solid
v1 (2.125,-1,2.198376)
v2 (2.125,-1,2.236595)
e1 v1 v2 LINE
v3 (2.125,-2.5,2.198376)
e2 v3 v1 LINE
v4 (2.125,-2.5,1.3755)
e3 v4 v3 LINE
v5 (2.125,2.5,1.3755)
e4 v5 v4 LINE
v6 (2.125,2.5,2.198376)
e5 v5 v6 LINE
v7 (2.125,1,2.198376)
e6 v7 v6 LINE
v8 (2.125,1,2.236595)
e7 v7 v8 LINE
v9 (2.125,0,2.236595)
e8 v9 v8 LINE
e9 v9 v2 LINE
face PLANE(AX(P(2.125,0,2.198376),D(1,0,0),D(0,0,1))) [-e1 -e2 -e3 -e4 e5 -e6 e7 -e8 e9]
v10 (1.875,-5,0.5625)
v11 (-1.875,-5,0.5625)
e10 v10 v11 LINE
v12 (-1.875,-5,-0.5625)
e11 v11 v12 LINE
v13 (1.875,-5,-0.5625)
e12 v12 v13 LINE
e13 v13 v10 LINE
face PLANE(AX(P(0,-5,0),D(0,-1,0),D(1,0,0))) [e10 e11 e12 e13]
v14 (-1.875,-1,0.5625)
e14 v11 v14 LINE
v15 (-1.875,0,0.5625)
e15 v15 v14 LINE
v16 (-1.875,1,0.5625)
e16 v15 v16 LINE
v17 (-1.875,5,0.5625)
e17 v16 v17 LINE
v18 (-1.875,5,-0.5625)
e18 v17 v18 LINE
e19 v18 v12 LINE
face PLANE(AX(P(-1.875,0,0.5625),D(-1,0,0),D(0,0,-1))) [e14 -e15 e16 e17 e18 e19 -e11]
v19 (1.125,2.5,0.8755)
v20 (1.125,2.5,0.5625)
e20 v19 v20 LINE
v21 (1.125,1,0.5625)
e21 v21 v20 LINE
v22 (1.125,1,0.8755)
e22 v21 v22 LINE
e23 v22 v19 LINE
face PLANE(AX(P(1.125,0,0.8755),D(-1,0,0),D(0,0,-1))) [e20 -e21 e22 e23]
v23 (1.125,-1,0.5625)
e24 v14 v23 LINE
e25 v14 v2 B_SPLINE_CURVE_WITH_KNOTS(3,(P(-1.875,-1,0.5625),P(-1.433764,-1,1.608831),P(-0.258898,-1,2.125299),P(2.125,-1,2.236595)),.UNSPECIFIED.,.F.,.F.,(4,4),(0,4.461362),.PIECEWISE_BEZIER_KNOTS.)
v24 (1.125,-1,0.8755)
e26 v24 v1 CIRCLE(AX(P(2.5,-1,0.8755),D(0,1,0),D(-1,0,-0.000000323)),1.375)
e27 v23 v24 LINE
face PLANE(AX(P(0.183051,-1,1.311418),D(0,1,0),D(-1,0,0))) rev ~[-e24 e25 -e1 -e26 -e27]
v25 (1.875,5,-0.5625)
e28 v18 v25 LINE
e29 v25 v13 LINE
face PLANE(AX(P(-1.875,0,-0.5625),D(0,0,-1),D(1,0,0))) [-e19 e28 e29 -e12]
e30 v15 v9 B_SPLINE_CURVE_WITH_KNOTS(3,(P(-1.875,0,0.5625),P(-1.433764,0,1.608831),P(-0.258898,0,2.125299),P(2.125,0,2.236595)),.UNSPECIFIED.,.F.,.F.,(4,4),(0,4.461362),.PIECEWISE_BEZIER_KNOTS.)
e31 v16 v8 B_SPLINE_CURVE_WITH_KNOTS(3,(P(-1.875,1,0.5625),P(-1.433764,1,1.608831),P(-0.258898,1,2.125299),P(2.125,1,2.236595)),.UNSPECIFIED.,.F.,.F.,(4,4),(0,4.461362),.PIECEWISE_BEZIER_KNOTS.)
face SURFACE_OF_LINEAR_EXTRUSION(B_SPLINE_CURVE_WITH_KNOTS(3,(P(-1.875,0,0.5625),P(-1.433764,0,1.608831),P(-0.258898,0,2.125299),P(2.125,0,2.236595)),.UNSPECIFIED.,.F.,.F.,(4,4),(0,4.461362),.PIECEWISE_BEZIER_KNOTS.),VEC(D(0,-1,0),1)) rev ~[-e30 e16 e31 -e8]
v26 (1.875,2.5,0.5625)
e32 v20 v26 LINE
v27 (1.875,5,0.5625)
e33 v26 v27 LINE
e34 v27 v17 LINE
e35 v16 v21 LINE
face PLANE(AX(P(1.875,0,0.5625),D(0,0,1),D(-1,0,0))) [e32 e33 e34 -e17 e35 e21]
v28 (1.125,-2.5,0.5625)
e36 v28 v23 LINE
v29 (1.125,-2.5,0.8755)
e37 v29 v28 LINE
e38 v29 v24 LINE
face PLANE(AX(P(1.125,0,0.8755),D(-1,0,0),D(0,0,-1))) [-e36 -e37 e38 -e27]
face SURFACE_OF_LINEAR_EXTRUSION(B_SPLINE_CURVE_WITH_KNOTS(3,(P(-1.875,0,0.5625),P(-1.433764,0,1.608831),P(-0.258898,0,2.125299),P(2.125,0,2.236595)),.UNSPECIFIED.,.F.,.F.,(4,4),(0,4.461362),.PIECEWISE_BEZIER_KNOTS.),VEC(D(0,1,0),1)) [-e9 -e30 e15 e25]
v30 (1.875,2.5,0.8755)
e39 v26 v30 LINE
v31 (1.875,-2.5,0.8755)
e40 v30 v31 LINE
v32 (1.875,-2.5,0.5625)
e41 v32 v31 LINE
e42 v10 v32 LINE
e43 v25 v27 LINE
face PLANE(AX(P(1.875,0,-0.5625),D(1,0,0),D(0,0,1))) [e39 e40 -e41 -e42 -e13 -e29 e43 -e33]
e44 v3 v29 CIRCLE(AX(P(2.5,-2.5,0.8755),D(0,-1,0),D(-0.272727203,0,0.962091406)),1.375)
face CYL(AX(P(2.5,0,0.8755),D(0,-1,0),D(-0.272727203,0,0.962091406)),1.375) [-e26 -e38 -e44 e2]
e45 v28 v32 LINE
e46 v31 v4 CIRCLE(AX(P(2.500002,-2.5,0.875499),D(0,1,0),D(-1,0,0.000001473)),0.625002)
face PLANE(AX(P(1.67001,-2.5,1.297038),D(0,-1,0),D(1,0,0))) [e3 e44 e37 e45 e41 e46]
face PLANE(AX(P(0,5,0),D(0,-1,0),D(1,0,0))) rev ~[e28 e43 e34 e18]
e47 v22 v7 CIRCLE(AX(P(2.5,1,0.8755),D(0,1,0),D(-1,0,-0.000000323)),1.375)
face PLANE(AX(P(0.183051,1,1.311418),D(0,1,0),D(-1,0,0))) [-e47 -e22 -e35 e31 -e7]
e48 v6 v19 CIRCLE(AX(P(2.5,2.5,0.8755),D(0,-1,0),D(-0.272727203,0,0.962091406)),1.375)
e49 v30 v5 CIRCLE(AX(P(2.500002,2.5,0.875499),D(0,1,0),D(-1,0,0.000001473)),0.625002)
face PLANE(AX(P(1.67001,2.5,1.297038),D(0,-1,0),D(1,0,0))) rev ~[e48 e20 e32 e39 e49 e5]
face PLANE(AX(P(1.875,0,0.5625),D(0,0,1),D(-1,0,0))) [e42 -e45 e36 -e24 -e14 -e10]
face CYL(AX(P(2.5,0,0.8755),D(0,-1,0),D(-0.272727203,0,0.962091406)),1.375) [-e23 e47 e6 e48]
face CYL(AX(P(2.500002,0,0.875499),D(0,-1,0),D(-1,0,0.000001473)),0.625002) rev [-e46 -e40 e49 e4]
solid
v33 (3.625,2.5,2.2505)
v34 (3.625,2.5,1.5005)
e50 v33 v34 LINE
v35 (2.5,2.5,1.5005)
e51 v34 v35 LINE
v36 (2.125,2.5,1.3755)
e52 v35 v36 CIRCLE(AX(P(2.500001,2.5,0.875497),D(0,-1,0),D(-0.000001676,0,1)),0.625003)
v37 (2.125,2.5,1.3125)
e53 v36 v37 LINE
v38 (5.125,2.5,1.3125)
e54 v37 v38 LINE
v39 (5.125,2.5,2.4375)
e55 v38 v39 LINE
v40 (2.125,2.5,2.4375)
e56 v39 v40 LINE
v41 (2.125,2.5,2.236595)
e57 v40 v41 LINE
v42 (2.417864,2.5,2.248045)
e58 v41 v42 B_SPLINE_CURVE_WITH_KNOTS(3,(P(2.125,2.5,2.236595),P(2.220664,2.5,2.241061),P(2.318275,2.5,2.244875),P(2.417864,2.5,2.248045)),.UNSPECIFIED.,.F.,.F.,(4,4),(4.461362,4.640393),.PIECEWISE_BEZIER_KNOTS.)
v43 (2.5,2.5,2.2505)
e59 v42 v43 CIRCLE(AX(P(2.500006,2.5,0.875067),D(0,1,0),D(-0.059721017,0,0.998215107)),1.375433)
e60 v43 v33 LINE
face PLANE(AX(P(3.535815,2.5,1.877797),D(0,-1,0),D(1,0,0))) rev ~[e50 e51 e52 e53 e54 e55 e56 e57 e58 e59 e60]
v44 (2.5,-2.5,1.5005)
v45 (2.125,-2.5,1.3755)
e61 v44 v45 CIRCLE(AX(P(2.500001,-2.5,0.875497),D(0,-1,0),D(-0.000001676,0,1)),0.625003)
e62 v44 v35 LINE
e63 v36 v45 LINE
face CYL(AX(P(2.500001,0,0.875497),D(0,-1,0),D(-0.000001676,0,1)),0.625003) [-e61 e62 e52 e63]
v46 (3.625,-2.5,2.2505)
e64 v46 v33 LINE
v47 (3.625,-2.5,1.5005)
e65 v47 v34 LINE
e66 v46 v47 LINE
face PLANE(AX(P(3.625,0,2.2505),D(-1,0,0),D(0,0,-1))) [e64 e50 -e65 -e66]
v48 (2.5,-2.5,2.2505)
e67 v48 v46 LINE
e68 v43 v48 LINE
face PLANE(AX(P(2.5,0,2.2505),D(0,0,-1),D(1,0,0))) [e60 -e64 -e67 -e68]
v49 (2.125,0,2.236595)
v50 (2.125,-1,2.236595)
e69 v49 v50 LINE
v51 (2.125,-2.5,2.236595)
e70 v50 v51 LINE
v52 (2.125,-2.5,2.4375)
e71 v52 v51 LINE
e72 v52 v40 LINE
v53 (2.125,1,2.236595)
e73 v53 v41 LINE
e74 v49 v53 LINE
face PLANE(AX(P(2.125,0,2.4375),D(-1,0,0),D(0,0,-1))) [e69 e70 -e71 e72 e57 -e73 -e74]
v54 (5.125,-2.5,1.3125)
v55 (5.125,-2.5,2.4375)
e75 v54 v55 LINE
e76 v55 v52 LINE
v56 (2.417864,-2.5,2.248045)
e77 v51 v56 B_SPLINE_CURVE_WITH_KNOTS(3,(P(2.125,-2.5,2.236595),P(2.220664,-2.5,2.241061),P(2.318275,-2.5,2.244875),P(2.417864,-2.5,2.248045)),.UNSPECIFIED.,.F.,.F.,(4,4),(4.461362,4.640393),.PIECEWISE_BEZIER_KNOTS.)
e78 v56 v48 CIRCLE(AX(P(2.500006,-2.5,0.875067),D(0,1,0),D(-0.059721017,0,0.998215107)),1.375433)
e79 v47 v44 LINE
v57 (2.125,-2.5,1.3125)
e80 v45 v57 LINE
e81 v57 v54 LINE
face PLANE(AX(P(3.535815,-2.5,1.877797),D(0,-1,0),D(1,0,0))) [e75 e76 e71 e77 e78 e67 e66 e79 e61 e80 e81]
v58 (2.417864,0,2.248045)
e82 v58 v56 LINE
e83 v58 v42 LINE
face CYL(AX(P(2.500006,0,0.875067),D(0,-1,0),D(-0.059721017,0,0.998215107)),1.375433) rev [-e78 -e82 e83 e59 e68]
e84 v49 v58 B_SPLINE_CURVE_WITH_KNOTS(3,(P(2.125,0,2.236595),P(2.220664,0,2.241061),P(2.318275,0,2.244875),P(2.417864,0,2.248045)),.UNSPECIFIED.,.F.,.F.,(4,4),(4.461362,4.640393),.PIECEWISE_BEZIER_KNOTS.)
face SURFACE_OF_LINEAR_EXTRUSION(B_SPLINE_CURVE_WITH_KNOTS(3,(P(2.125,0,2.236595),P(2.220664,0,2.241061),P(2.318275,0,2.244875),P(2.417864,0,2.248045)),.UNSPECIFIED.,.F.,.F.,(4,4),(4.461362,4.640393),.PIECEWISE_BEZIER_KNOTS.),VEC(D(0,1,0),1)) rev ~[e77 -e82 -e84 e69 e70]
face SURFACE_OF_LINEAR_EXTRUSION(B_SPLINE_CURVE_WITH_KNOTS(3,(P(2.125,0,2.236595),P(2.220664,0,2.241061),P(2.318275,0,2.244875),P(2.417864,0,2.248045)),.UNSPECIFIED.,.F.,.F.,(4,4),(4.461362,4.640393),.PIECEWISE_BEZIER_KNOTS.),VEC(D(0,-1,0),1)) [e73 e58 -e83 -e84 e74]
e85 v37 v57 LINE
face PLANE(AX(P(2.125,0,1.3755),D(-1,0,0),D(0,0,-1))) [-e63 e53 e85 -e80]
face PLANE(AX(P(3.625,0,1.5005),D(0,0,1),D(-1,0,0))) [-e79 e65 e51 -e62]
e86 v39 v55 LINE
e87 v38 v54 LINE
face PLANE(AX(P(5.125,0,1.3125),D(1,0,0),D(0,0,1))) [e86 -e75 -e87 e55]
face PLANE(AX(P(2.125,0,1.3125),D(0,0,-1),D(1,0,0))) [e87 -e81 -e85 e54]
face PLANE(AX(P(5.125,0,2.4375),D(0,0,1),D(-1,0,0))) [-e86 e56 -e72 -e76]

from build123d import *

# Parameters (mm, degrees)
F1_DEPTH = 5
F2_DEPTH = 2.5
F3_DEPTH = 1


with BuildPart() as f1:
    # F0 (on Front) → F1 (new body, symmetric)
    with BuildSketch(Plane.XZ):
        Polygon((-1.875, 0.5625), (-1.875, -0.5625), (1.875, -0.5625), (1.875, 0.5625), (1.125, 0.5625), align=None)
    extrude(amount=F1_DEPTH, both=True)

    # F0 (on Front) → F2 (join, symmetric)
    with BuildSketch(Plane.XZ):
        with BuildLine():
            Line((2.125, 2.4375), (2.125, 2.236595))
            add(Edge.make_bspline(
                [(2.125, 2.236595), (2.220664, 2.241061), (2.318275, 2.244875), (2.417864, 2.248045)],
                knots=[4.461362, 4.461362, 4.461362, 4.461362, 4.640393, 4.640393, 4.640393, 4.640393], degree=3))
            ThreePointArc((2.417864, 2.248045), (2.458913, 2.249886), (2.5, 2.2505))
            Line((2.5, 2.2505), (3.625, 2.2505))
            Line((3.625, 2.2505), (3.625, 1.5005))
            Line((3.625, 1.5005), (2.5, 1.5005))
            ThreePointArc((2.5, 1.5005), (2.302358, 1.468427), (2.125, 1.3755))
            Line((2.125, 1.3755), (2.125, 1.3125))
            Line((2.125, 1.3125), (5.125, 1.3125))
            Line((5.125, 1.3125), (5.125, 2.4375))
            Line((5.125, 2.4375), (2.125, 2.4375))
        make_face()
        with BuildLine():
            Line((1.125, 0.5625), (1.875, 0.5625))
            Line((1.875, 0.5625), (1.875, 0.8755))
            ThreePointArc((1.875, 0.8755), (1.940983, 1.155008), (2.125, 1.3755))
            Line((2.125, 1.3755), (2.125, 2.198376))
            ThreePointArc((2.125, 2.198376), (1.403129, 1.704656), (1.125, 0.8755))
            Line((1.125, 0.8755), (1.125, 0.5625))
        make_face()
    extrude(amount=F2_DEPTH, both=True)

    # F0 (on Front) → F3 (join, symmetric)
    with BuildSketch(Plane.XZ):
        with BuildLine():
            add(Edge.make_bspline(
                [(-1.875, 0.5625), (-1.433764, 1.608831), (-0.258898, 2.125299), (2.125, 2.236595)],
                knots=[0, 0, 0, 0, 4.461362, 4.461362, 4.461362, 4.461362], degree=3))
            Line((-1.875, 0.5625), (1.125, 0.5625))
            Line((1.125, 0.5625), (1.125, 0.8755))
            ThreePointArc((1.125, 0.8755), (1.403129, 1.704656), (2.125, 2.198376))
            Line((2.125, 2.198376), (2.125, 2.236595))
        make_face()
    extrude(amount=F3_DEPTH, both=True)


solid = f1.part
